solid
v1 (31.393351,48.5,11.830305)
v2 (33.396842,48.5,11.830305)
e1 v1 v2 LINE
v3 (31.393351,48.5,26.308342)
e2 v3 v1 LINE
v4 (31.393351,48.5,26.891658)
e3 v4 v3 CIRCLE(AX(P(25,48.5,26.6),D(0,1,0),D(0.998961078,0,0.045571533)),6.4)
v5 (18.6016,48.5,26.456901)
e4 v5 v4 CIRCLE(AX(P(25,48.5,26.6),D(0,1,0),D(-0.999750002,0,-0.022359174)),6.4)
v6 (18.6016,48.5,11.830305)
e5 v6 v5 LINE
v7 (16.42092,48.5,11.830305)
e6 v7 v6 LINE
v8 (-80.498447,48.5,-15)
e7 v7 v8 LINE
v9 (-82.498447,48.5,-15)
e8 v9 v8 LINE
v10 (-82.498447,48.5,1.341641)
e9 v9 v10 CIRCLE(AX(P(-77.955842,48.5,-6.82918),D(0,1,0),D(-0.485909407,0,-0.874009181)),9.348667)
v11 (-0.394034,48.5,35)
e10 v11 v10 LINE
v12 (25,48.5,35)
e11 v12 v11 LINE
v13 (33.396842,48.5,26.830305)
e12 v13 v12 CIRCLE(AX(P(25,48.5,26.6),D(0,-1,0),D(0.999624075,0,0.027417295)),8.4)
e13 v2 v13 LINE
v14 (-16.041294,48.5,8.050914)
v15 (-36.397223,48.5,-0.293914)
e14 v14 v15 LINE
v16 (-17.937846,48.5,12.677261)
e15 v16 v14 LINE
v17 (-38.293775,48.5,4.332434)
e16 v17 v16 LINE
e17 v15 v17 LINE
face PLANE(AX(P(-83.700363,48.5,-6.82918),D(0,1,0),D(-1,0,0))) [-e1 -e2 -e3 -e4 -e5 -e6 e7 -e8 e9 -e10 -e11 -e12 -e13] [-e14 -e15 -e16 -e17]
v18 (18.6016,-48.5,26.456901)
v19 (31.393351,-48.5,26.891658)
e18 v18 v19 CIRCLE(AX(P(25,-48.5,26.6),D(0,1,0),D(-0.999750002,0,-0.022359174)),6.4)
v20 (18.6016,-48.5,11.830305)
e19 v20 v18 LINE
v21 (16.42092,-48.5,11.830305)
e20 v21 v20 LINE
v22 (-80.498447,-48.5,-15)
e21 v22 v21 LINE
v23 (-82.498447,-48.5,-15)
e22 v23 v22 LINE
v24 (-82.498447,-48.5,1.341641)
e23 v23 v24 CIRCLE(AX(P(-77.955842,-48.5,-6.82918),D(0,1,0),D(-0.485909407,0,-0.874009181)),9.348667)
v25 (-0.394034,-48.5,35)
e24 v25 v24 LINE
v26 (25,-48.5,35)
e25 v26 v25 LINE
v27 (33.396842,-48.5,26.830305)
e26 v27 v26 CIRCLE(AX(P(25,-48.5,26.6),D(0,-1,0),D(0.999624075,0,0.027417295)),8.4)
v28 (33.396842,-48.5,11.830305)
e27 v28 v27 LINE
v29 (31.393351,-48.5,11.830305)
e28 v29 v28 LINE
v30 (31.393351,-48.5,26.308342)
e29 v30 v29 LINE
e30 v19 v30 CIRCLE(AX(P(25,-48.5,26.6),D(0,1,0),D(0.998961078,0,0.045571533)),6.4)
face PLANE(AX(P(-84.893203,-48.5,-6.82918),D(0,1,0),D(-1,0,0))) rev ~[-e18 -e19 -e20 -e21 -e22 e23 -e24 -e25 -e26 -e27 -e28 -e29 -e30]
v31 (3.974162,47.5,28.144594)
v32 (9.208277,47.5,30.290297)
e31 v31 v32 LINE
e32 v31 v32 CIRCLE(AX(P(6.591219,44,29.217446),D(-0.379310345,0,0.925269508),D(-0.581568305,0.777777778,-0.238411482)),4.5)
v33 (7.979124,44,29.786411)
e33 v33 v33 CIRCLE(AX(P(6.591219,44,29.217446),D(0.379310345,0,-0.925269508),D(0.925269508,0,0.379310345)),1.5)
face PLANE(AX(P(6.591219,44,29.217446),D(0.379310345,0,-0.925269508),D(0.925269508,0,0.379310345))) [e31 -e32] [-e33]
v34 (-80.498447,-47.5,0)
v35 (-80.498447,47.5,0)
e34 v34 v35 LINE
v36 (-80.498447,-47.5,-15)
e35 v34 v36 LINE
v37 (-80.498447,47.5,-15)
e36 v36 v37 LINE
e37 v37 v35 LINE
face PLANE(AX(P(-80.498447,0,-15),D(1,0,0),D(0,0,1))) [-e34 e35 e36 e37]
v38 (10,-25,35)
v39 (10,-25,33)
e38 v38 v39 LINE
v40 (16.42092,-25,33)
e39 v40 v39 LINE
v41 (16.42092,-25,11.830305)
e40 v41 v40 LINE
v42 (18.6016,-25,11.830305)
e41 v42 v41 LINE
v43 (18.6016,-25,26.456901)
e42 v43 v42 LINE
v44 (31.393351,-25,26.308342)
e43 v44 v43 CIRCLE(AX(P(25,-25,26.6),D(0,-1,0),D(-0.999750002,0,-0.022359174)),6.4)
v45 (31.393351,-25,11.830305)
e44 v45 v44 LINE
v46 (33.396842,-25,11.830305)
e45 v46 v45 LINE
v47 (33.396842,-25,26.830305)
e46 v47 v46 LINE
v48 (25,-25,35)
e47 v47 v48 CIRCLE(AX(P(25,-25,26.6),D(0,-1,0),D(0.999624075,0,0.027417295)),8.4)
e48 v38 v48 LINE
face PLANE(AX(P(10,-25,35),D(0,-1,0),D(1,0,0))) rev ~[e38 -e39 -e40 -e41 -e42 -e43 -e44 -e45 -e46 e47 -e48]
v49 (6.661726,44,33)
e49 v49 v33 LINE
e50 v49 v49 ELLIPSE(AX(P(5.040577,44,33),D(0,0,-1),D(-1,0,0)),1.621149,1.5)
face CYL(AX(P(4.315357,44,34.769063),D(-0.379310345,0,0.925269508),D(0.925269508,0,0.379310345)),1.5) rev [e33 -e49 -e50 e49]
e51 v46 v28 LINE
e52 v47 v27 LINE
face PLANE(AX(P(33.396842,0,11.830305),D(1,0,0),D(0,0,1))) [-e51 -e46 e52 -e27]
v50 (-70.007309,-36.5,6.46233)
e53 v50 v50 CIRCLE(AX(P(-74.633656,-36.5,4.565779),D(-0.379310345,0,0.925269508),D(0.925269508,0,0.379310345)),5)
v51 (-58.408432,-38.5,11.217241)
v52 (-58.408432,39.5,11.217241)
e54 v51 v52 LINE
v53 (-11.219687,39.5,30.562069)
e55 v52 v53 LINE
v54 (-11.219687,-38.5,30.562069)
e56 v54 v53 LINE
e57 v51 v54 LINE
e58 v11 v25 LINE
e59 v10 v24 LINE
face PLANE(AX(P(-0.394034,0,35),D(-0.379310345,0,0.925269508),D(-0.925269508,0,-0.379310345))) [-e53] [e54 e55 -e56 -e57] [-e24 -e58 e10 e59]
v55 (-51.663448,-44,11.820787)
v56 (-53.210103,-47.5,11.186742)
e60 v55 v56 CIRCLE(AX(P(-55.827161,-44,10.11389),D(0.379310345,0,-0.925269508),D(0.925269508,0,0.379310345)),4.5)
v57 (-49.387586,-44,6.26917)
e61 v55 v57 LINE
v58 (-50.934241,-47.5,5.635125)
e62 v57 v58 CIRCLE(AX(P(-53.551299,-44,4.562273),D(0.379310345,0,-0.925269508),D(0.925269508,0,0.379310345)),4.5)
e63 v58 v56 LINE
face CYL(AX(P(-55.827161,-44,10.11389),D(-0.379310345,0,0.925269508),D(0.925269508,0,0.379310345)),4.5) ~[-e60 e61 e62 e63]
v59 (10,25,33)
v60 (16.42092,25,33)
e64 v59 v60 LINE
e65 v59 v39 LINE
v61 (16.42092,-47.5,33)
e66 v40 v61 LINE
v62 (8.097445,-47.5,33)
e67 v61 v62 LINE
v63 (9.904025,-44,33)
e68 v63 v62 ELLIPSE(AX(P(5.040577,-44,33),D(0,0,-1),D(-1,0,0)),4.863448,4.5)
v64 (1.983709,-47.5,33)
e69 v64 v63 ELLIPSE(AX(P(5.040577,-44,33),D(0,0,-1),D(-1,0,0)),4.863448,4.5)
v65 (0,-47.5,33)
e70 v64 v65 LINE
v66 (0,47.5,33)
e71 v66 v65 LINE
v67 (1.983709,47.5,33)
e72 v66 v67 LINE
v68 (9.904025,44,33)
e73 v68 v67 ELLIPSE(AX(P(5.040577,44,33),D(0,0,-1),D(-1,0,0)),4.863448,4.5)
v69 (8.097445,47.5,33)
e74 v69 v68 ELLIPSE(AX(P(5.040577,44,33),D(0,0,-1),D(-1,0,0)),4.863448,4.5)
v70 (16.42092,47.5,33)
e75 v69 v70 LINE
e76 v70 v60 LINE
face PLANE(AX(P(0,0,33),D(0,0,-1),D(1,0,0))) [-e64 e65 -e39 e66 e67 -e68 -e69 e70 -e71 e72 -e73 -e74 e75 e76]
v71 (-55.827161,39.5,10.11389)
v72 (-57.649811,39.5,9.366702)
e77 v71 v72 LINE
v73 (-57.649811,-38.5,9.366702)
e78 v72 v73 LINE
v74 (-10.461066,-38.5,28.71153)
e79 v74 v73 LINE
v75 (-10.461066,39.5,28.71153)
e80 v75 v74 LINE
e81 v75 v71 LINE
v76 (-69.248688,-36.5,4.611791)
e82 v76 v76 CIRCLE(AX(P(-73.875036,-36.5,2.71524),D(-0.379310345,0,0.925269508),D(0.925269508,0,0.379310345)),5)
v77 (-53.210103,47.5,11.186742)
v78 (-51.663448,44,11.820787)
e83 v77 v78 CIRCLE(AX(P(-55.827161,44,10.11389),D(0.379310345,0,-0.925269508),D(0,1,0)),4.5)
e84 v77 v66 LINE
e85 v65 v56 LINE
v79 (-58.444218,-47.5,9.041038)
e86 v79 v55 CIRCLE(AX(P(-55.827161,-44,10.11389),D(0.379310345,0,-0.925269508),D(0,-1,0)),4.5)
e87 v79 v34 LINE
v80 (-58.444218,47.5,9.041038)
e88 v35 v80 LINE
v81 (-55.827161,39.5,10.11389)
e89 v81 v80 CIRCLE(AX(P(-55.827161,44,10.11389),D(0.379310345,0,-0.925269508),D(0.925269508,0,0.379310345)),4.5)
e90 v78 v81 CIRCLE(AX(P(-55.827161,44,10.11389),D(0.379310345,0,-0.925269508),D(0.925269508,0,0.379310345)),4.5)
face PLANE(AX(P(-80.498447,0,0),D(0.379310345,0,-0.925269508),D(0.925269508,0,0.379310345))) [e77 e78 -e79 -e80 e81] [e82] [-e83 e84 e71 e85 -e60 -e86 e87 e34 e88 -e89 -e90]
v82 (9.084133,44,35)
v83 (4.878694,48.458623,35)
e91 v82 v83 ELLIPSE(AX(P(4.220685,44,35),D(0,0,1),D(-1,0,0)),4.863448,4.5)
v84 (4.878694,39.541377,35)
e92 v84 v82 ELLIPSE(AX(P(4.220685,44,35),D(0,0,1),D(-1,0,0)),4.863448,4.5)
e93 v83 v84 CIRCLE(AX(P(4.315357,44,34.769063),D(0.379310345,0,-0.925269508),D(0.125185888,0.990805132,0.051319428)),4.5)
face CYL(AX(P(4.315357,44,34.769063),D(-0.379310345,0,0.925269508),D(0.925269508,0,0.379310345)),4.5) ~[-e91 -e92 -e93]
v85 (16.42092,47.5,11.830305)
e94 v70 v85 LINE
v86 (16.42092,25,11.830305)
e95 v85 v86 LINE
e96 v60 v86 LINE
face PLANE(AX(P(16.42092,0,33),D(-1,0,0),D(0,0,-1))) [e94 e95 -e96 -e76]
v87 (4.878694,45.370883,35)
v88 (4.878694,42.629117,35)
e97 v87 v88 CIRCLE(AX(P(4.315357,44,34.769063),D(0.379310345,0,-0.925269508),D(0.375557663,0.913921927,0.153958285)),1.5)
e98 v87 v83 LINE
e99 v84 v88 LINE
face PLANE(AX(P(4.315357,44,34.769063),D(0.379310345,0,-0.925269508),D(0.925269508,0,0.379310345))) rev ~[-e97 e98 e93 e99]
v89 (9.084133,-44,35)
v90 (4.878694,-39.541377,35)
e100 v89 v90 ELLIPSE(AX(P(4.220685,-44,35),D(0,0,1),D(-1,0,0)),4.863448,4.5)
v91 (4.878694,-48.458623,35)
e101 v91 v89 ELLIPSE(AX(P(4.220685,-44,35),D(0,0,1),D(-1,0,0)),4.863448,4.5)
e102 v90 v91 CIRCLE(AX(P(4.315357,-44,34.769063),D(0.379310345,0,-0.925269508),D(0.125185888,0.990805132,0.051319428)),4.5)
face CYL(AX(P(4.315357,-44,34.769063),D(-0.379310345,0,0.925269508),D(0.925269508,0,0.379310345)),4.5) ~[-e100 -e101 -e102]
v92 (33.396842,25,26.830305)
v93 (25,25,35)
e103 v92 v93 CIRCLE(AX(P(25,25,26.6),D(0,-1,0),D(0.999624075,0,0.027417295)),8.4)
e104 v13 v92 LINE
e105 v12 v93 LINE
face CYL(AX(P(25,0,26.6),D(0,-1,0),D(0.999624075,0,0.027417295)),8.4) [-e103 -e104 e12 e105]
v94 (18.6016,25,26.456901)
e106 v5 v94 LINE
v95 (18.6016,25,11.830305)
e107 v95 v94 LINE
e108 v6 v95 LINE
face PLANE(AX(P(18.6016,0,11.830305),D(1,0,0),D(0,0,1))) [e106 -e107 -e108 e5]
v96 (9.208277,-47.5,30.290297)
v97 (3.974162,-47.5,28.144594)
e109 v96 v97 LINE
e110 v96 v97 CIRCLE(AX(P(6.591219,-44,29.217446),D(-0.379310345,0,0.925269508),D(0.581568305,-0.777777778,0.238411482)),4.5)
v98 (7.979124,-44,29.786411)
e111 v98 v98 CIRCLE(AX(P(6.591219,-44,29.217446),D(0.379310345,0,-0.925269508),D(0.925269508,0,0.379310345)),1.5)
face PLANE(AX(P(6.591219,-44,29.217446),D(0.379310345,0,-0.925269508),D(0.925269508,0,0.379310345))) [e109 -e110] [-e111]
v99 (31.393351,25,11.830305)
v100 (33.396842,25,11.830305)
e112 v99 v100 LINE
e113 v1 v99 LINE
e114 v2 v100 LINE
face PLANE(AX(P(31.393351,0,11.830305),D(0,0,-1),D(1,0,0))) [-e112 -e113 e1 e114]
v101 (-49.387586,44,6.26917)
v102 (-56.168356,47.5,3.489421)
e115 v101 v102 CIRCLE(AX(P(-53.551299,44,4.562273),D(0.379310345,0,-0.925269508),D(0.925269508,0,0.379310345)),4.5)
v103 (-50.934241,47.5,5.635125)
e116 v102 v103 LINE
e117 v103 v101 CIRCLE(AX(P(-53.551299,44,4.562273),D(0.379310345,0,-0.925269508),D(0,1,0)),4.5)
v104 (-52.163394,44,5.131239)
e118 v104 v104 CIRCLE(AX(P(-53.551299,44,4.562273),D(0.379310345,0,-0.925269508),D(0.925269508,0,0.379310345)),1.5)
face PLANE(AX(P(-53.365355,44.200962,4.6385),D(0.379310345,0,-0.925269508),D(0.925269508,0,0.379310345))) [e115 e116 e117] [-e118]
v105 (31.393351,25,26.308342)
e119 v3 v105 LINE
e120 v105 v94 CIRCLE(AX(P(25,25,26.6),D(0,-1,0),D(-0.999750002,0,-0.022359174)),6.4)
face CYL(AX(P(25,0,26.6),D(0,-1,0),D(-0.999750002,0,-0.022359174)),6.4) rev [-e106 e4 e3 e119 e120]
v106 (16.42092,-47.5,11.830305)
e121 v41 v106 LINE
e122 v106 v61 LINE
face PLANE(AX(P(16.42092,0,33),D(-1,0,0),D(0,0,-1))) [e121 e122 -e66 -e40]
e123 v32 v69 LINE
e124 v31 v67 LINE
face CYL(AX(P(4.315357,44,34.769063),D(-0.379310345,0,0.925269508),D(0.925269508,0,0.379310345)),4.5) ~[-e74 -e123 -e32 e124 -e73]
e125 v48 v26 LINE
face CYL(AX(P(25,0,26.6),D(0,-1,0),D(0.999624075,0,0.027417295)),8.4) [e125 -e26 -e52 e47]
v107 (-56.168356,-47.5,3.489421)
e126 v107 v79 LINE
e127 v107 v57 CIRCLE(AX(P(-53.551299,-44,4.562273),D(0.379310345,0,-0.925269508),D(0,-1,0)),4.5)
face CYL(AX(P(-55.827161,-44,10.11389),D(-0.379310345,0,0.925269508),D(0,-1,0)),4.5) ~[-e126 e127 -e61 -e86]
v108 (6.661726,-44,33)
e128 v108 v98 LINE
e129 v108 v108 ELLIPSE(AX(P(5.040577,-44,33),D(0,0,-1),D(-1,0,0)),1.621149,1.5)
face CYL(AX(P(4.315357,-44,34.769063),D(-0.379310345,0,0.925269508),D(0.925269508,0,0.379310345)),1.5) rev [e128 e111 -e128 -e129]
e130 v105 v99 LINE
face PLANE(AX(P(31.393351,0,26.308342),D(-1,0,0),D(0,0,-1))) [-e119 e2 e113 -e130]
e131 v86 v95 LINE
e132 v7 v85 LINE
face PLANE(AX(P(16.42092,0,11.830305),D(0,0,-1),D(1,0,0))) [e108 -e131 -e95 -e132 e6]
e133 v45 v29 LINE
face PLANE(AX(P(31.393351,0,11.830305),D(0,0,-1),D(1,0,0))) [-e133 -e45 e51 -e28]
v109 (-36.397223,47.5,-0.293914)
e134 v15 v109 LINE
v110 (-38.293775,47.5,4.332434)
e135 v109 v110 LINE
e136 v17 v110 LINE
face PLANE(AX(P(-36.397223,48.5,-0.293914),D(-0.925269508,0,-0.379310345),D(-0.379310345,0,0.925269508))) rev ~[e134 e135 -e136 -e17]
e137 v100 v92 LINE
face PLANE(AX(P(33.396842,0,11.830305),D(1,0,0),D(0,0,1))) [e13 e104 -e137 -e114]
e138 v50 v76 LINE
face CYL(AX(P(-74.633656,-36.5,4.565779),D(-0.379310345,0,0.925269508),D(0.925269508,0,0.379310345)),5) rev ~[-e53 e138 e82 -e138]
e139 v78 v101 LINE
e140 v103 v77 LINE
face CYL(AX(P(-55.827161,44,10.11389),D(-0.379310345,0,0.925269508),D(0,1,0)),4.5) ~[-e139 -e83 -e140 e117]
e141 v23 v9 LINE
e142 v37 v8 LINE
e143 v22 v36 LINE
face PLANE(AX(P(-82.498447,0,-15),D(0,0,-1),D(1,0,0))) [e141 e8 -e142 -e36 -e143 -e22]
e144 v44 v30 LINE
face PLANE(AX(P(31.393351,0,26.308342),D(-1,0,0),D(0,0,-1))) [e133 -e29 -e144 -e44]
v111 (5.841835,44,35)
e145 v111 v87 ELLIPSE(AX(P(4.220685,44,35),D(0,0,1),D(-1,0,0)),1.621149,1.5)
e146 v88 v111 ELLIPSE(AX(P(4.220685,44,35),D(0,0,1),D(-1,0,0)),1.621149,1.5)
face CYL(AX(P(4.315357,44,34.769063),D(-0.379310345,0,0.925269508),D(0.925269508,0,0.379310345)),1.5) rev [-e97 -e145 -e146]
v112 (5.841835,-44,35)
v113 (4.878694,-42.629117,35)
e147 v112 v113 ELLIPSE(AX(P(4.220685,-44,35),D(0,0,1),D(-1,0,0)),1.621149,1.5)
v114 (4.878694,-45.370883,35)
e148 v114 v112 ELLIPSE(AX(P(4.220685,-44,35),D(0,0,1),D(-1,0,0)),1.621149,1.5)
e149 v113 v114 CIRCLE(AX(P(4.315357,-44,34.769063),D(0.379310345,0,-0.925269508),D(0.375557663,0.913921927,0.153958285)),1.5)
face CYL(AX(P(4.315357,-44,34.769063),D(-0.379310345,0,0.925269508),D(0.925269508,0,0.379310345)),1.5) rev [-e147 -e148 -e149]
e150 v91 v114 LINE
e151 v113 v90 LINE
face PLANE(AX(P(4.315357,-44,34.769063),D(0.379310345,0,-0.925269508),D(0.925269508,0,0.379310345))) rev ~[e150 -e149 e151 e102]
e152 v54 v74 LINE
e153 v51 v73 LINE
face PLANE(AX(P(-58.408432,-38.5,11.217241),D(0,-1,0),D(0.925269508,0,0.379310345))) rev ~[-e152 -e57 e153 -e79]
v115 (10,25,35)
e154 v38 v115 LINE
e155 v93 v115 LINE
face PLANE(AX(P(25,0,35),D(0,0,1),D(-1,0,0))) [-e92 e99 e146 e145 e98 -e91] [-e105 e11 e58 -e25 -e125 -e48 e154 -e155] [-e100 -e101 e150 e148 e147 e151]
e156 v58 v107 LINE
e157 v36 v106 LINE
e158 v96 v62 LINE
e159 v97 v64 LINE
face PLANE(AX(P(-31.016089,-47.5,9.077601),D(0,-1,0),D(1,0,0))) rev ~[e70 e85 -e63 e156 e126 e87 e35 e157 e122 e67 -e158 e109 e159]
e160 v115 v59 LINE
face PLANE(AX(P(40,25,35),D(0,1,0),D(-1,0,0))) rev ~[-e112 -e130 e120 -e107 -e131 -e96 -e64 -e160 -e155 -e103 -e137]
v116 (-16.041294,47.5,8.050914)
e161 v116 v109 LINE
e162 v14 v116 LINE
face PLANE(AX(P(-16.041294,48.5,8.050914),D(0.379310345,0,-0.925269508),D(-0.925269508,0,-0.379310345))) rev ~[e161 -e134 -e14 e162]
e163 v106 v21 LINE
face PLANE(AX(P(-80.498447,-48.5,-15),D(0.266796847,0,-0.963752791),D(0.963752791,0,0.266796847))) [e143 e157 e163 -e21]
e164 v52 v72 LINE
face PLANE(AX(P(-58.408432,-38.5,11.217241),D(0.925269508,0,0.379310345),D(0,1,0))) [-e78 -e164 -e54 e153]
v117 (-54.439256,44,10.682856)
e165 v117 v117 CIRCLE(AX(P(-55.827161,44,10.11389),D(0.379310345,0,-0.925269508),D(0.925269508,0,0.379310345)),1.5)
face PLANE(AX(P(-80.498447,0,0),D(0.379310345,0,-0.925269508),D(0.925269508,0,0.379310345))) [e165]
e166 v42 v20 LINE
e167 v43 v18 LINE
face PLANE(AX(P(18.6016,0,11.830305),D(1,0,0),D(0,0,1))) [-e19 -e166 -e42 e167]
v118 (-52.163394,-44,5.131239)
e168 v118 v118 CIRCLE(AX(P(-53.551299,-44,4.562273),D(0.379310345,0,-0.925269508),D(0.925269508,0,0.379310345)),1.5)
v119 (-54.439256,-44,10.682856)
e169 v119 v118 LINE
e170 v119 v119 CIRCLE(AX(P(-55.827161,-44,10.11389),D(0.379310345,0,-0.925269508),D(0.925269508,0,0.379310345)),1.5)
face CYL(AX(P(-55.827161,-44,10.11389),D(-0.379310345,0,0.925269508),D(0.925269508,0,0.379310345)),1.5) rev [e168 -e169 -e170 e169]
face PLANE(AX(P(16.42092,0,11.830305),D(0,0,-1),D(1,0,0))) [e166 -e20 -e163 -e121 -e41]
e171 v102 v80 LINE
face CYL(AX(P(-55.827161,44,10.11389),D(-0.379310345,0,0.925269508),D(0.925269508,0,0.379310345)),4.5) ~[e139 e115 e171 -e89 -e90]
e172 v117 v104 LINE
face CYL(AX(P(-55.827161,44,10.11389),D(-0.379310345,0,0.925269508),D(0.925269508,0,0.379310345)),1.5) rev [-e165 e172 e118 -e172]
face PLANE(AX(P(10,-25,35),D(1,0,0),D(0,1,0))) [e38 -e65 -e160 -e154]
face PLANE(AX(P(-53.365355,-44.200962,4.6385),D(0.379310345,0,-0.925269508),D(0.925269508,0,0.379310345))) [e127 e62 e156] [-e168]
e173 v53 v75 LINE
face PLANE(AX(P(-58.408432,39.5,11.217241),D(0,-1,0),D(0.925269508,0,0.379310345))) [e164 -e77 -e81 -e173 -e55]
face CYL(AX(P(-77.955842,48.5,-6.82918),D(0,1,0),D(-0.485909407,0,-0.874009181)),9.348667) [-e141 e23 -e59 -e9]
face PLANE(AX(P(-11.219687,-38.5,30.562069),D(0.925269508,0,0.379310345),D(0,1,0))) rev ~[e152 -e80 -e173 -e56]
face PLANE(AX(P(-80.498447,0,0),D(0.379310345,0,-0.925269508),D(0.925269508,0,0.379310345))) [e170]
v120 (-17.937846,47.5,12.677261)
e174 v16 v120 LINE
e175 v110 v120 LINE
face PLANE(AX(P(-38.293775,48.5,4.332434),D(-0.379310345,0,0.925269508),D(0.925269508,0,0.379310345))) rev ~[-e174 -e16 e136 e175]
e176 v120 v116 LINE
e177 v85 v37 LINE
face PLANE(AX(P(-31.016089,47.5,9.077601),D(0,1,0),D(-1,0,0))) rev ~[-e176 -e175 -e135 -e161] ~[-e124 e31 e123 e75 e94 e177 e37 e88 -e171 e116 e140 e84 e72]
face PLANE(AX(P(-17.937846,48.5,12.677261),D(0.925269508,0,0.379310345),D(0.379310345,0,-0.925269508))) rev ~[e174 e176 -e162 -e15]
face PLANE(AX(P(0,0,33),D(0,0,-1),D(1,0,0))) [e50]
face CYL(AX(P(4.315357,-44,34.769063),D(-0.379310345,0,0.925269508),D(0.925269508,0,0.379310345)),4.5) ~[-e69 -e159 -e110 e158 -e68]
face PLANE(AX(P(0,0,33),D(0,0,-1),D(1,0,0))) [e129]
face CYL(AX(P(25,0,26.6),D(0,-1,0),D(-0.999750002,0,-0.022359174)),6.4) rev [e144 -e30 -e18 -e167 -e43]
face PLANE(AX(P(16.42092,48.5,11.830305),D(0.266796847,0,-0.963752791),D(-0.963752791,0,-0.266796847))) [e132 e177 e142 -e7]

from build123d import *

# Parameters (mm, degrees)
F1_DEPTH  = 48.5
F2_R      = 4.5
F2_R_2    = 1.5
F3_DEPTH  = 6
F4_W      = 51
F4_H      = 78
F4_R      = 5
F5_DEPTH  = 5
F7_DEPTH  = 1
F9_DEPTH  = 1
F11_DEPTH = 97
F12_DEPTH = 97
F13_W     = 15
F13_H     = 50
F14_DEPTH = 30
F16_DEPTH = 2


with BuildPart() as f1:
    # F0 (on Front) → F1 (new body, symmetric)
    with BuildSketch(Plane.XZ):
        with BuildLine():
            Line((-80.49844719, 0), (0, 33))
            Line((0, 33), (16.4209198648, 33))
            Line((16.4209198648, 33), (16.4209198648, 11.8303052739))
            Line((16.4209198648, 11.8303052739), (18.6015999846, 11.8303052739))
            Line((18.6015999846, 11.8303052739), (18.6015999846, 26.4569012833))
            ThreePointArc((18.6015999846, 26.4569012833), (24.7826070747, 32.9963067716), (31.3933508991, 26.8916578155))
            ThreePointArc((31.3933508991, 26.8916578155), (31.4, 26.6), (31.3933508991, 26.3083421845))
            Line((31.3933508991, 26.3083421845), (31.3933508991, 11.8303052739))
            Line((31.3933508991, 11.8303052739), (33.3968422327, 11.8303052739))
            Line((33.3968422327, 11.8303052739), (33.3968422327, 26.3696947261))
            Line((33.3968422327, 26.3696947261), (33.3968422327, 26.8303052739))
            ThreePointArc((33.3968422327, 26.8303052739), (30.8577058521, 32.62057158), (25, 35))
            Line((25, 35), (-0.3940335036, 35))
            Line((-0.3940335036, 35), (-82.49844719, 1.3416407865))
            Line((-82.49844719, 1.3416407865), (-82.49844719, -15))
            Line((-82.49844719, -15), (-80.49844719, -15))
            Line((-80.49844719, -15), (-80.49844719, 0))
        make_face()
    extrude(amount=F1_DEPTH, both=True)

    # F2 (on face) → F3 (join)
    with BuildSketch(Plane(origin=(-11.5818217717, 0, 28.2520808561), x_dir=(0.9252695079, 0, 0.3793103448), z_dir=(0.3793103448, 0, -0.9252695079))):
        with Locations((17.1811336159, 44)):
            Circle(F2_R)
        with Locations((17.1811336159, 44)):
            Circle(F2_R_2, mode=Mode.SUBTRACT)
        with BuildLine():
            ThreePointArc((-43.3188663841, -44), (-51.0008468994, -40.8180194847), (-47.8188663841, -48.5))
            ThreePointArc((-47.8188663841, -48.5), (-44.6368858688, -47.1819805153), (-43.3188663841, -44))
        make_face()
        with Locations((-47.8188663841, -44)):
            Circle(F2_R_2, mode=Mode.SUBTRACT)
        with BuildLine():
            ThreePointArc((-47.8188663841, 48.5), (-51.0008468994, 40.8180194847), (-43.3188663841, 44))
            ThreePointArc((-43.3188663841, 44), (-44.6368858688, 47.1819805153), (-47.8188663841, 48.5))
        make_face()
        with Locations((-47.8188663841, 44)):
            Circle(F2_R_2, mode=Mode.SUBTRACT)
        with Locations((17.1811336159, -44)):
            Circle(F2_R)
        with Locations((17.1811336159, -44)):
            Circle(F2_R_2, mode=Mode.SUBTRACT)
    extrude(amount=F3_DEPTH)

    # F4 (on face) → F5 (cut)
    with BuildSketch(Plane(origin=(-12.3404424613, 0, 30.102619872), x_dir=(0.9252695079, 0, 0.3793103448), z_dir=(-0.3793103448, 0, 0.9252695079))):
        with Locations((-24.2887251171, 0.5)):
            Rectangle(F4_W, F4_H)
        with Locations((-67.3243994072, -36.5)):
            Circle(F4_R)
    extrude(amount=-F5_DEPTH, mode=Mode.SUBTRACT)

    # F6 (on face) → F7 (join)
    with BuildSketch(Plane.XZ.offset(48.5)):
        Polygon((-80.49844719, -15), (16.4209198648, 11.8303052739), (16.4209198648, 33), (5.040577039, 33), (0, 33), (-55.8271606545, 10.1138901941), (-80.49844719, 0), align=None)
    extrude(amount=-F7_DEPTH)

    # F8 (on face) → F9 (join)
    with BuildSketch(Plane(origin=(0, 48.5, 0), x_dir=(-1, 0, 0), z_dir=(0, 1, 0))):
        Polygon((-16.4209198648, 11.8303052739), (80.49844719, -15), (80.49844719, 0), (55.8271607407, 10.1138901587), (0, 33), (-5.040577039, 33), (-16.4209198648, 33), align=None)
    extrude(amount=-F9_DEPTH)

    # F10 (on face) → F11 (join)
    with BuildSketch(Plane(origin=(0, 48.5, 0), x_dir=(-1, 0, 0), z_dir=(0, 1, 0))):
        with BuildLine():
            Line((82.49844719, -13.8338189837), (82.49844719, -15))
            ThreePointArc((82.49844719, -15), (87.3045087217, -6.8291796068), (82.49844719, 1.3416407865))
            Line((82.49844719, 1.3416407865), (82.49844719, 0.1754597702))
            ThreePointArc((82.49844719, 0.1754597702), (86.3045087217, -6.8291796068), (82.49844719, -13.8338189837))
        make_face()
    extrude(amount=-F11_DEPTH)

    # F10 (on face) → F12 (join)
    with BuildSketch(Plane(origin=(0, 48.5, 0), x_dir=(-1, 0, 0), z_dir=(0, 1, 0))):
        with BuildLine():
            Line((82.49844719, 0.1754597702), (82.49844719, -13.8338189837))
            ThreePointArc((82.49844719, -13.8338189837), (86.3045087217, -6.8291796068), (82.49844719, 0.1754597702))
        make_face()
    extrude(amount=-F12_DEPTH)

    # F13 (on face) → F14 (cut)
    with BuildSketch(Plane.XY.offset(35)):
        with Locations((17.5, 0)):
            Rectangle(F13_W, F13_H)
        with Locations((32.5, 0)):
            Rectangle(F13_W, F13_H)
    extrude(amount=-F14_DEPTH, mode=Mode.SUBTRACT)

    # F15 (on face) → F16 (cut)
    with BuildSketch(Plane(origin=(0, 48.5, 0), x_dir=(-1, 0, 0), z_dir=(0, 1, 0))):
        Polygon((38.2937746964, 4.3324337855), (17.9378455219, 12.6772613717), (16.0412937978, 8.0509138321), (36.3972229723, -0.2939137541), align=None)
    extrude(amount=-F16_DEPTH, mode=Mode.SUBTRACT)


solid = f1.part
